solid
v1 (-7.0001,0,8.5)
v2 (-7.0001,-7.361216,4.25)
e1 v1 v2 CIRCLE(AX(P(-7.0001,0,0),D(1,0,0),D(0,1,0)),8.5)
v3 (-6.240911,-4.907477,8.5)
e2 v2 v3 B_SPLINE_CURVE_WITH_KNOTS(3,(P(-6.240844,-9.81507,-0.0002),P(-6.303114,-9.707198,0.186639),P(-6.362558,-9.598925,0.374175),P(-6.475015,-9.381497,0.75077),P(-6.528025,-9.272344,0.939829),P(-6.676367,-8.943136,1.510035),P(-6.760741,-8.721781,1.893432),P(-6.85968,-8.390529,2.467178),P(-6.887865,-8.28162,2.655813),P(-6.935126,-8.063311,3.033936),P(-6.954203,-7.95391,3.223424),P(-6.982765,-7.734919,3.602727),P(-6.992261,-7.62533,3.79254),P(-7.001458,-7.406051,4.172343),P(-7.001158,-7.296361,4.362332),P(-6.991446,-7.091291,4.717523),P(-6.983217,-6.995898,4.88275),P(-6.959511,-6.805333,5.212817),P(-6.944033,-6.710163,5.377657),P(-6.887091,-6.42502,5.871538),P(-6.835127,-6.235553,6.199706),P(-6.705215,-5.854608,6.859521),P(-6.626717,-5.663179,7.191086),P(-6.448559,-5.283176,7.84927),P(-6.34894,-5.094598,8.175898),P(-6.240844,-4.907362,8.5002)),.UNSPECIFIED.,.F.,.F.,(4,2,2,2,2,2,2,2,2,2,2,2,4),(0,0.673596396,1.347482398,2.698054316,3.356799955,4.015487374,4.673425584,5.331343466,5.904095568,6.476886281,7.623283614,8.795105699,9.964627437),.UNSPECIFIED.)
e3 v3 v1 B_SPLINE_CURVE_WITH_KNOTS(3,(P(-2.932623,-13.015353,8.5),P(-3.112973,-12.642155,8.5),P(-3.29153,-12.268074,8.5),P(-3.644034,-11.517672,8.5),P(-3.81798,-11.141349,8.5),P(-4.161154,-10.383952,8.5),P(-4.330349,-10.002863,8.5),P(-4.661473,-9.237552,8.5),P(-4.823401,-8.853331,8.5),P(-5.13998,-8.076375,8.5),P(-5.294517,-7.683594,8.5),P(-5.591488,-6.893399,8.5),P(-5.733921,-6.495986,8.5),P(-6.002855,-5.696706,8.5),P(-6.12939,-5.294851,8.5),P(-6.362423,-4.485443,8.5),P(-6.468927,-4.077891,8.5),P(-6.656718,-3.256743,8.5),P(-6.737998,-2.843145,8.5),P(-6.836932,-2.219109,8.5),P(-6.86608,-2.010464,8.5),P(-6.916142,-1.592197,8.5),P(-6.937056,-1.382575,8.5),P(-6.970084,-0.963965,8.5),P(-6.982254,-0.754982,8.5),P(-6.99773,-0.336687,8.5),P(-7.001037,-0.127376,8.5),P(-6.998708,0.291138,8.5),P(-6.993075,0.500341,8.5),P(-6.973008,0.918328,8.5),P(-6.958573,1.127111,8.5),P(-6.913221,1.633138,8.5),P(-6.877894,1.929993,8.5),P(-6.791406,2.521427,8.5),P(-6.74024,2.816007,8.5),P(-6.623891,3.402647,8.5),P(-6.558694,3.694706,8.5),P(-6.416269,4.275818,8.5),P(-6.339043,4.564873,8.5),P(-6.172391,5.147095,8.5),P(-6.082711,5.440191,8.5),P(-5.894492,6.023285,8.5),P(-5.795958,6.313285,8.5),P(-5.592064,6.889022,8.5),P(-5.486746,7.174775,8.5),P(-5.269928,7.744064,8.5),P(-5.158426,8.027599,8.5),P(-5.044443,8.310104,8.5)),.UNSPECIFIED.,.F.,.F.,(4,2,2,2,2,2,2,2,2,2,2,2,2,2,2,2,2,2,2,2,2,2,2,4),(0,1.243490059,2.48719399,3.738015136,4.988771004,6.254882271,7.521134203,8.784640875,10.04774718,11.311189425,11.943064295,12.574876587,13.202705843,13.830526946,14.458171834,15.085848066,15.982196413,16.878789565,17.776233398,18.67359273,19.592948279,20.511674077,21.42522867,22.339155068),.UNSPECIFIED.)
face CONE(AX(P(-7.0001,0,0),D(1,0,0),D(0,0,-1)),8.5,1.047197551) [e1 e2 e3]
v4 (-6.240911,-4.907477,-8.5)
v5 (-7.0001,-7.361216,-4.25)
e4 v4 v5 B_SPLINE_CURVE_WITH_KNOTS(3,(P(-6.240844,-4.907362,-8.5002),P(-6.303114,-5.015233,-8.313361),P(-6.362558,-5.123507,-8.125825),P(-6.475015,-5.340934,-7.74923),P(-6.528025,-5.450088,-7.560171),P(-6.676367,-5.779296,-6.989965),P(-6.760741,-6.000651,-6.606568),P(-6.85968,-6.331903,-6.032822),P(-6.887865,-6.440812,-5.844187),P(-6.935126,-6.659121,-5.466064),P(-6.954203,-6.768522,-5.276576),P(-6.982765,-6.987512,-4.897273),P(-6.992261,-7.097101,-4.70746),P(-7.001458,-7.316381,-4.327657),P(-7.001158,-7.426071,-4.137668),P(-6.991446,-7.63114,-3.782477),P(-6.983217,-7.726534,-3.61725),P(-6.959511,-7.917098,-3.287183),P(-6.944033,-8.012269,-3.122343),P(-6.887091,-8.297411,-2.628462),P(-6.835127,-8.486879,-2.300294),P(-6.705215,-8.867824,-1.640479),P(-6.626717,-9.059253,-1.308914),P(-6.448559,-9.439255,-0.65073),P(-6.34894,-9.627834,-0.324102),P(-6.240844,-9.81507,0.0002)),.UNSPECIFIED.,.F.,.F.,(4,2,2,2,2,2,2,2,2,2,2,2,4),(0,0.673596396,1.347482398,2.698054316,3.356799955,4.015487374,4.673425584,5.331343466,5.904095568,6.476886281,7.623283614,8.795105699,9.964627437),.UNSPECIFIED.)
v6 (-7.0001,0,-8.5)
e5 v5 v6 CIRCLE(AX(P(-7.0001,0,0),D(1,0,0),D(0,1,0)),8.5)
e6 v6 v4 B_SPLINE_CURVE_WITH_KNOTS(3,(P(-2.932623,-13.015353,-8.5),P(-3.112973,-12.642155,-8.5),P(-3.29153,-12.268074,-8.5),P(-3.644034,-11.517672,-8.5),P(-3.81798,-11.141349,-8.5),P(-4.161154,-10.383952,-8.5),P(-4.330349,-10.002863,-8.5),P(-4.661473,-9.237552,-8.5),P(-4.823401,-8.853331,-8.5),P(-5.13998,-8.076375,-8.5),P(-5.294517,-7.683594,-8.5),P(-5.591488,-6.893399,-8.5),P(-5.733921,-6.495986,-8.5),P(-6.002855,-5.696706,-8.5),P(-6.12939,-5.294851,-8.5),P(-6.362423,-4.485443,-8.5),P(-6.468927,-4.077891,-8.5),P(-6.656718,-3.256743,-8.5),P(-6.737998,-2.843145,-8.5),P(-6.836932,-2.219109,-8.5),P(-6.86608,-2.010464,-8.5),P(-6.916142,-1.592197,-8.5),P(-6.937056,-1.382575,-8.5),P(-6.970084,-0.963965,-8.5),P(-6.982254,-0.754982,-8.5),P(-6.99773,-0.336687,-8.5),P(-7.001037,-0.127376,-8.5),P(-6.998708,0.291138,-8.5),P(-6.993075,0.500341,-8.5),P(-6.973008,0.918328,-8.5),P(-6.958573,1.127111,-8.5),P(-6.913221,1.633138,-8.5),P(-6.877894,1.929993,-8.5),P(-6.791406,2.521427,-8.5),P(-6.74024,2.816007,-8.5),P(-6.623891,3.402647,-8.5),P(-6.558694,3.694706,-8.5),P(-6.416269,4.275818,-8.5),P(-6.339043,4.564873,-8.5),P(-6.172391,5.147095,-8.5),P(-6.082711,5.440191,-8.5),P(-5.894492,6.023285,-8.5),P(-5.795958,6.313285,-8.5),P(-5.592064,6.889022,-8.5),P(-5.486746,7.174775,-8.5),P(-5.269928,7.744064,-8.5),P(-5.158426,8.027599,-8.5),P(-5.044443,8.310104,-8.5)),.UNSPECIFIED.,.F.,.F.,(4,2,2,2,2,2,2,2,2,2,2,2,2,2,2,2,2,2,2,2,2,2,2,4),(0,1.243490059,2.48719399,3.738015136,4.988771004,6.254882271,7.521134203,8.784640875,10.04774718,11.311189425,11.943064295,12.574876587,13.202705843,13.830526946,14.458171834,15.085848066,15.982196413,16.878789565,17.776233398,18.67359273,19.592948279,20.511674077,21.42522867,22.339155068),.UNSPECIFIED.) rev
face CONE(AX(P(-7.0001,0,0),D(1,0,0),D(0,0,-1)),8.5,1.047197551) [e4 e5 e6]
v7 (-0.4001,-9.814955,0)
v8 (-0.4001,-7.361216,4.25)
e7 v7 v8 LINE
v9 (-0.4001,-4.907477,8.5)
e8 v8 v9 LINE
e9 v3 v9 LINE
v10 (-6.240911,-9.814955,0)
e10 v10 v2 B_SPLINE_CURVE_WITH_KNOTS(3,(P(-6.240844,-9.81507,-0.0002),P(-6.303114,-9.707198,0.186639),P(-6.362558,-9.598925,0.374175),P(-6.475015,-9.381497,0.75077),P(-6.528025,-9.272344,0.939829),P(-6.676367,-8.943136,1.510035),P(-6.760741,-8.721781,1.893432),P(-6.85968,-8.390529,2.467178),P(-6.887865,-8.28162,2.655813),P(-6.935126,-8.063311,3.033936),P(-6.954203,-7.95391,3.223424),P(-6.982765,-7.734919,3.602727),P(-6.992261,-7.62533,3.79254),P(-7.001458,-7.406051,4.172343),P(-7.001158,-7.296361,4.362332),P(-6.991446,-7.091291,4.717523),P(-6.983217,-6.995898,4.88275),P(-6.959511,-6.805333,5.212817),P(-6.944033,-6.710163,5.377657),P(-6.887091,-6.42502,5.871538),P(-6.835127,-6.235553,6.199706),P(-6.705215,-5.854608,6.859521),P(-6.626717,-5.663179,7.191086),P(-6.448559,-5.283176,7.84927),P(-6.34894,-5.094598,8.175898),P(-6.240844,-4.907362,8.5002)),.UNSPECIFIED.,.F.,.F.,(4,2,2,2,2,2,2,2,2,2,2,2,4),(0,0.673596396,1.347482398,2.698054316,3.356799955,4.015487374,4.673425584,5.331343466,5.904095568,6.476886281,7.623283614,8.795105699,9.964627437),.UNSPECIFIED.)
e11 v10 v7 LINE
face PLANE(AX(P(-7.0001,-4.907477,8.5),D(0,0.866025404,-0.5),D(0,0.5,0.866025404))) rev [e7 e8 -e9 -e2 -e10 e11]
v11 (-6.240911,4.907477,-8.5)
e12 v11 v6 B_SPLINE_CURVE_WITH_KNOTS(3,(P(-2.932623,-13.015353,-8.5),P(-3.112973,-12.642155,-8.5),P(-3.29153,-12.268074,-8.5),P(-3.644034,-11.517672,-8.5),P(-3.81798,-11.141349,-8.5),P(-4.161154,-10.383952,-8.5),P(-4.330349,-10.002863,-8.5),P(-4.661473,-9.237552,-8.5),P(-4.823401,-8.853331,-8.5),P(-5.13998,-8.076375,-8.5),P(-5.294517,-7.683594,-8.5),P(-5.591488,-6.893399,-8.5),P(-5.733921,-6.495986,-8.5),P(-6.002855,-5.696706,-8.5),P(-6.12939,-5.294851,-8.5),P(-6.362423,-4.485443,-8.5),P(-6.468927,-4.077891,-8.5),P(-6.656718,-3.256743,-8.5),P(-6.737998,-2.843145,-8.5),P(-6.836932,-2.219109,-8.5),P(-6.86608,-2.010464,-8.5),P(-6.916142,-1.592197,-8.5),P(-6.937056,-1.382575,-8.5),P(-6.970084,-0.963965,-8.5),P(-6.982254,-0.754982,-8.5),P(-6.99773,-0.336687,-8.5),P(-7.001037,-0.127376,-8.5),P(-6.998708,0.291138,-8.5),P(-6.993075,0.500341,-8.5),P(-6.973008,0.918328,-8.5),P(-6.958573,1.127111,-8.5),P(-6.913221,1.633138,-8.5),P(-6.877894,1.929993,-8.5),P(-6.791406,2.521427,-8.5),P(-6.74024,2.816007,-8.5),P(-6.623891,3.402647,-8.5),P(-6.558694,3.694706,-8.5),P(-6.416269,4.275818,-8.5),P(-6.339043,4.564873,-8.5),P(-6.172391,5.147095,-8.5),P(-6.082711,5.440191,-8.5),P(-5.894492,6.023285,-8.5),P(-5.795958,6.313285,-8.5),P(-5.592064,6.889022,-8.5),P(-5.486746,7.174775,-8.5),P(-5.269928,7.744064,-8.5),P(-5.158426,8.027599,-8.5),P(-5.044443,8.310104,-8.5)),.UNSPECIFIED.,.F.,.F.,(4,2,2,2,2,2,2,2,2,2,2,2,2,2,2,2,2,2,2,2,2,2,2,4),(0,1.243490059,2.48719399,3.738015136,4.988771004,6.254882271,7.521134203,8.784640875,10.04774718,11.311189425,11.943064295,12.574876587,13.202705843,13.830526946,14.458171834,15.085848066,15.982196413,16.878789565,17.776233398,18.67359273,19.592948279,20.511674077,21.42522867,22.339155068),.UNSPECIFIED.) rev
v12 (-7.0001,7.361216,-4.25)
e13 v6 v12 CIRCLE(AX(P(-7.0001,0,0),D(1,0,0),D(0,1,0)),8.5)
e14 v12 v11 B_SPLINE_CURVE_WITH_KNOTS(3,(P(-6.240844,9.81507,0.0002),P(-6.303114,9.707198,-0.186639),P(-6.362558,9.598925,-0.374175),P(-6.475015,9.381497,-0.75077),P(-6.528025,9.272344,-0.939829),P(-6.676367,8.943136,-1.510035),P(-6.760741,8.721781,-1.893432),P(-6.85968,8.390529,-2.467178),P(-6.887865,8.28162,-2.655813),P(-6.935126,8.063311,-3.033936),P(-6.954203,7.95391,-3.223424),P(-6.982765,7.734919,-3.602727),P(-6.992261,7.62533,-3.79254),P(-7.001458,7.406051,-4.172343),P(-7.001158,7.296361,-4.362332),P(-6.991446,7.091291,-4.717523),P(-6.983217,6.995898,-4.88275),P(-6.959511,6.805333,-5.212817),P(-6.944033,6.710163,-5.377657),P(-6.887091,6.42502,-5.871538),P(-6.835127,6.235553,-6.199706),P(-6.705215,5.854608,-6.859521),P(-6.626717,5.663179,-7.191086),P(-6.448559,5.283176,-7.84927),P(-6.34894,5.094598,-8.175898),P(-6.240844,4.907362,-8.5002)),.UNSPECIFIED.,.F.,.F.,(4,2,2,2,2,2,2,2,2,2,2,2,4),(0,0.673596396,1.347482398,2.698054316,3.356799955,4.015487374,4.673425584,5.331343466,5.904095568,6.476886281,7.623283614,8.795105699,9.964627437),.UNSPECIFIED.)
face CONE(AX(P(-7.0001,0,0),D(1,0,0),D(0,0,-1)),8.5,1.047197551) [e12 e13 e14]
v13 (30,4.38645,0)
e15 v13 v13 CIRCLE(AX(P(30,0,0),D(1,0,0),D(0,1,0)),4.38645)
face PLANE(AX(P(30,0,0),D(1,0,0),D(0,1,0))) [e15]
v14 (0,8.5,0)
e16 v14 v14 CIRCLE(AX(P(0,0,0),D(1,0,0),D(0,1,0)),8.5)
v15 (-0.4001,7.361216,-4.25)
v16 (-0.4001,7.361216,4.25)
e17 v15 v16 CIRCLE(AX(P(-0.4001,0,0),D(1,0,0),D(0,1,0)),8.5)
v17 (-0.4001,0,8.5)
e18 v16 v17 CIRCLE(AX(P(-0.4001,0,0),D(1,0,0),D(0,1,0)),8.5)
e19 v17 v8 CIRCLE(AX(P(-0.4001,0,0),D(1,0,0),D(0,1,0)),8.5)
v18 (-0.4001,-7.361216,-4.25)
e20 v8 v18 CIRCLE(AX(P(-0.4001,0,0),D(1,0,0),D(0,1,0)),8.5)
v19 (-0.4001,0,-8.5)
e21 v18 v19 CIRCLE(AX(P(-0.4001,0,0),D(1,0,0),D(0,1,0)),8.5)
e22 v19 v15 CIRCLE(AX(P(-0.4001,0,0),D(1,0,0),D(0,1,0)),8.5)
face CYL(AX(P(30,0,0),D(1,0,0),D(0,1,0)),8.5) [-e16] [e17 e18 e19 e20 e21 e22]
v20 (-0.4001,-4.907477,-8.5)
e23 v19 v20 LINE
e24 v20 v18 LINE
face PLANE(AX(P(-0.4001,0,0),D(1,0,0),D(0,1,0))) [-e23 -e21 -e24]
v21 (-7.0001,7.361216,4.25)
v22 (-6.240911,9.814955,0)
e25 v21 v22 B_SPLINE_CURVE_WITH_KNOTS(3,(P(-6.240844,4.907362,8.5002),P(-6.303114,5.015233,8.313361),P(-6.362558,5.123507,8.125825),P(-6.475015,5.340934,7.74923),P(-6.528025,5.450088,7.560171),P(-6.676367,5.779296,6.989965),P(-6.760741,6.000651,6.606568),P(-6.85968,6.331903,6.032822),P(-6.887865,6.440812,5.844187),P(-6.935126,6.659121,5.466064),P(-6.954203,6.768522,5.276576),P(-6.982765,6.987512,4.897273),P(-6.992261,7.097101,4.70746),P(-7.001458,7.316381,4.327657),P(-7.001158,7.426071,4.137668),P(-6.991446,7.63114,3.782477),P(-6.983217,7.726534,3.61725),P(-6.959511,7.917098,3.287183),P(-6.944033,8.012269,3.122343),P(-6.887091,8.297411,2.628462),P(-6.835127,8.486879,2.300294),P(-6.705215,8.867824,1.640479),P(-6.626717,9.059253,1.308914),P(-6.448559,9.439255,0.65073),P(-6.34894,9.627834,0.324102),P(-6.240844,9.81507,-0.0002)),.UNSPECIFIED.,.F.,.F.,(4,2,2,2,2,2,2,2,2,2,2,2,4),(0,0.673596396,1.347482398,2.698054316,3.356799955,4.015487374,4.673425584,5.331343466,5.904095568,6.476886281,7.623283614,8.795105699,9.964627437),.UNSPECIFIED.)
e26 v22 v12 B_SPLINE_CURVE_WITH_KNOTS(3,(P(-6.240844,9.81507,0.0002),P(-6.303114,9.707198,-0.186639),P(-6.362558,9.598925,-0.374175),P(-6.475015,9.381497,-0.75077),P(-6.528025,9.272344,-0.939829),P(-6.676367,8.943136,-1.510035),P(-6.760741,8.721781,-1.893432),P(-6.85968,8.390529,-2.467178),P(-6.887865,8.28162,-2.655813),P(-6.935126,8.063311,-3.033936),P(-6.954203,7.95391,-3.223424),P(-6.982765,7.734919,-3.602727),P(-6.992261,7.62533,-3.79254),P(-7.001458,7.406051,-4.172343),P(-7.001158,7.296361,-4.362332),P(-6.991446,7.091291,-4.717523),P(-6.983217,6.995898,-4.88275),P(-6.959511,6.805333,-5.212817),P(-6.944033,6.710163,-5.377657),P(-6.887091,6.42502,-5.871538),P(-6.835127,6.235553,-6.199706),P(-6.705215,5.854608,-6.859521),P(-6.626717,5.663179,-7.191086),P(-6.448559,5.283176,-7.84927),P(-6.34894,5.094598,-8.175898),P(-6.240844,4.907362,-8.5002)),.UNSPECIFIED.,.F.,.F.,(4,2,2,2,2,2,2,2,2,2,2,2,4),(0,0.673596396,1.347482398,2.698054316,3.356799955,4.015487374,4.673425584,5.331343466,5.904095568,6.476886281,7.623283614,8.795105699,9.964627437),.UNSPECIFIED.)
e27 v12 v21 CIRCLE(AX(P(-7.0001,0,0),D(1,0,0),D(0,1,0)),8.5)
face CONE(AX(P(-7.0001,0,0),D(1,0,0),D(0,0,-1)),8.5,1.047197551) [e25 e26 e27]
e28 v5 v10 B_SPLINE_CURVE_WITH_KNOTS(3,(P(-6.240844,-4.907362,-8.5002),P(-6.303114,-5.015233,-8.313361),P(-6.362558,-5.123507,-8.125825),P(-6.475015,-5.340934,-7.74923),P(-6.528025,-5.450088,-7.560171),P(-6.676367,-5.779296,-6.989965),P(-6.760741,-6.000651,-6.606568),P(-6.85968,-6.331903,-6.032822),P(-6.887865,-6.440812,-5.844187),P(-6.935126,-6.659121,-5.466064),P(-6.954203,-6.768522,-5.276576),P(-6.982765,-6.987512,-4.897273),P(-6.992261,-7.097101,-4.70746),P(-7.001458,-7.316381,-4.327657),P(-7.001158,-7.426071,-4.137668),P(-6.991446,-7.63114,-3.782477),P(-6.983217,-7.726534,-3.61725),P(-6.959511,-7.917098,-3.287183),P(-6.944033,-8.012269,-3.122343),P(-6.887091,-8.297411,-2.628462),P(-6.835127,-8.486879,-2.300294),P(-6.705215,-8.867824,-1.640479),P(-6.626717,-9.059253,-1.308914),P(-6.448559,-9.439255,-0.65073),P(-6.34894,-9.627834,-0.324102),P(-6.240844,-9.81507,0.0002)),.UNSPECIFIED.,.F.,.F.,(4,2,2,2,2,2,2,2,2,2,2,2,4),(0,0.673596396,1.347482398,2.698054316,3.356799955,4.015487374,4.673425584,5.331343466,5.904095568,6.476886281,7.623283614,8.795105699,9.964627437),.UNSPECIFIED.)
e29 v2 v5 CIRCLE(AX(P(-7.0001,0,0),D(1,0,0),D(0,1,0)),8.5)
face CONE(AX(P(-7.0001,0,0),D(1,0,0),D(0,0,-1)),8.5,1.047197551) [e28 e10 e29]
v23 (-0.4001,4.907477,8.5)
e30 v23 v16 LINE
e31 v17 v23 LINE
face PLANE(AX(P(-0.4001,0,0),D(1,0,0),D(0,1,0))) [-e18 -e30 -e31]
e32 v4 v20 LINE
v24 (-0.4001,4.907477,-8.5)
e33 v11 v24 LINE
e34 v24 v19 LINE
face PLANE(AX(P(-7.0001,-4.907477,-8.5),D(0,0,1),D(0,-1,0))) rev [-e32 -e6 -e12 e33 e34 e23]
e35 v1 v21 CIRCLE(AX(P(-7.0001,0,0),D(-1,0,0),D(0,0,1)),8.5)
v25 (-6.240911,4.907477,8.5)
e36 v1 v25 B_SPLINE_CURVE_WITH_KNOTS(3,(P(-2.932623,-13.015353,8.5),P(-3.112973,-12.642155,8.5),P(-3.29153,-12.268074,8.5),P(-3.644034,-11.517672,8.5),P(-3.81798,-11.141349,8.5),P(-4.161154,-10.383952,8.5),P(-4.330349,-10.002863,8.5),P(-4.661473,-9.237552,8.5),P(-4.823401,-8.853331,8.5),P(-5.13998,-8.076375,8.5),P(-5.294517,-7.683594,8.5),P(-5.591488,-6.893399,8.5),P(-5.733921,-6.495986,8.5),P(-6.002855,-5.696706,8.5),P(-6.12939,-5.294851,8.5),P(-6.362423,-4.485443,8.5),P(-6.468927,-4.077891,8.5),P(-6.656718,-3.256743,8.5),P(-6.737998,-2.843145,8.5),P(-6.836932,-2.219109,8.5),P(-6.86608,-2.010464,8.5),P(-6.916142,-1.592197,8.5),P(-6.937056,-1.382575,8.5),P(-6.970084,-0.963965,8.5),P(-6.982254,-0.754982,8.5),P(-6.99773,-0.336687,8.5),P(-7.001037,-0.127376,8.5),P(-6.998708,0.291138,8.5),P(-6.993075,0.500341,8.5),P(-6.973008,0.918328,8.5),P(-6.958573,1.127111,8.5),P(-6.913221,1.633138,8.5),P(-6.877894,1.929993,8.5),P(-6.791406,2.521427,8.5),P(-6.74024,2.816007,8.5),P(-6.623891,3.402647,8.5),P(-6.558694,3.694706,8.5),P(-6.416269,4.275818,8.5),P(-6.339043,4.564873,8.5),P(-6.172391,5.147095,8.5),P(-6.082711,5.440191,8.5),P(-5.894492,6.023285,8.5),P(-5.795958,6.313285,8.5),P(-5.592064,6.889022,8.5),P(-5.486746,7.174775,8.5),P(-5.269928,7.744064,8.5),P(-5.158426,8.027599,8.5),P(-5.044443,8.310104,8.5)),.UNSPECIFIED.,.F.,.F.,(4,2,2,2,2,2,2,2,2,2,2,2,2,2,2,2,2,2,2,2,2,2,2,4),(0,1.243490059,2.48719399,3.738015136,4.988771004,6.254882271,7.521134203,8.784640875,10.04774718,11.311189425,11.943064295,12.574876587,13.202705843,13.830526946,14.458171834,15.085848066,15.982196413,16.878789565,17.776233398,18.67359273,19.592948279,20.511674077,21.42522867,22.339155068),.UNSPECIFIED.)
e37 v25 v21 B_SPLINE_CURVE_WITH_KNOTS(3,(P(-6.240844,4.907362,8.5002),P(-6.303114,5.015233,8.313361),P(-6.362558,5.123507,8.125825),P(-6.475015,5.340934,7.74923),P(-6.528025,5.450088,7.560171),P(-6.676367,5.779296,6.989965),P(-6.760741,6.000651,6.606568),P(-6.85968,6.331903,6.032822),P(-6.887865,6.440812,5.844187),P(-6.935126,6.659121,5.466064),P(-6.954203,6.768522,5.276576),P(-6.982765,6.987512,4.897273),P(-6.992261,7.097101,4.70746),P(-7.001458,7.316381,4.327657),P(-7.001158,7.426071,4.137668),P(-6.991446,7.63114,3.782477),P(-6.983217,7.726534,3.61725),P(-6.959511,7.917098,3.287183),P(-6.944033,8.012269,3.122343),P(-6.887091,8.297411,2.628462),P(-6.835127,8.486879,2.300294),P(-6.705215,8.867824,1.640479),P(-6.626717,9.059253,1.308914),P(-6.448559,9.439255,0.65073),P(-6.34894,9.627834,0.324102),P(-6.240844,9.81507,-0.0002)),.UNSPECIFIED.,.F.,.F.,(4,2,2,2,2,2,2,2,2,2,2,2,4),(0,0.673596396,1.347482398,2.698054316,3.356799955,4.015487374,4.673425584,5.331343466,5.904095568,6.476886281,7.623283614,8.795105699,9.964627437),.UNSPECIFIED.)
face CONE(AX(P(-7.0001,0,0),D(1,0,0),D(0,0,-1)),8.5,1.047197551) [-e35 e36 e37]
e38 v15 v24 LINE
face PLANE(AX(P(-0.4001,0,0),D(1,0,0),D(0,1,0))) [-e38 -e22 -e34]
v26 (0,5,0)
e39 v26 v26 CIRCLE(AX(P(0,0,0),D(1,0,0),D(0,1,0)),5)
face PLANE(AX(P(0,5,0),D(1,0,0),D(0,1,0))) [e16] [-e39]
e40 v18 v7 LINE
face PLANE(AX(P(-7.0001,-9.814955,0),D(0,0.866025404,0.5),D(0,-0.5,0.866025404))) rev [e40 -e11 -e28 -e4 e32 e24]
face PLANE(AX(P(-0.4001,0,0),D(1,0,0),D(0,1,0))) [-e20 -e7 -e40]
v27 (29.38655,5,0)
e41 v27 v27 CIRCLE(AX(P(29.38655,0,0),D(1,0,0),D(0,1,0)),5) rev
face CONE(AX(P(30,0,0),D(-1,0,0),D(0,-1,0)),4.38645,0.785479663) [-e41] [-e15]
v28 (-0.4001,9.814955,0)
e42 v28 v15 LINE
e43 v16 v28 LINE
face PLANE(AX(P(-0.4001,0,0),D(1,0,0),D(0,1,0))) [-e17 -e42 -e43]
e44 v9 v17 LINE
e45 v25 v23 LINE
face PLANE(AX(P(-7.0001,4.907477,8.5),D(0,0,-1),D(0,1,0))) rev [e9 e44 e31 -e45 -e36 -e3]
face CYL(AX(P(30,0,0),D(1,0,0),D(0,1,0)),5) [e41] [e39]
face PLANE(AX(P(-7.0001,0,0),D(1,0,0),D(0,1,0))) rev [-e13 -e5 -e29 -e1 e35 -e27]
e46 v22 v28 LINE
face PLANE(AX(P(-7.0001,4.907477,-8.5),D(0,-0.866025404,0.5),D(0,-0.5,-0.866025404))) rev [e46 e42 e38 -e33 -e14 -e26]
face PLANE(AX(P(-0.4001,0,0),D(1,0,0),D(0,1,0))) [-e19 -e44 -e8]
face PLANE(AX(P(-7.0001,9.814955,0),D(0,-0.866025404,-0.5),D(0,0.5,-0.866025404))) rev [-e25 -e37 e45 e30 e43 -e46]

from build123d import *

# Parameters (mm, degrees)
EXTRUDE_559_DEPTH = 6.6
CHAMFER_2_SIZE    = 0.61345
CHAMFER_2_SIZE2   = 0.61355


with BuildPart() as part:
    # 草圖1 → Revolve 409 (revolve)
    with BuildSketch(Plane.XY):
        Polygon((-0.4001, 0), (30, 0), (30, 5), (3, 5), (2.38645, 5), (0, 5), (0, 8.5), (-0.4001, 8.5), align=None)
    revolve(axis=Axis((30, 0, 0), (-1, 0, 0)))

    # 草圖2 → Extrude 559 (add)
    with BuildSketch(Plane.ZY.offset(0.4001)):
        Polygon((0, 9.814954576), (8.5, 4.907477288), (8.5, -4.907477288), (0, -9.814954576), (-8.5, -4.907477288), (-8.5, 4.907477288), align=None)
    extrude(amount=EXTRUDE_559_DEPTH)

    # 草圖3 → Cut-Revolve 678 (revolve, cut)
    with BuildSketch(Plane.XY):
        Polygon((-7.0001, 8.5), (-7.0001, 9.814954576), (-6.240910621, 9.814954576), align=None)
    revolve(axis=Axis((-8.3201, 0, 0), (1, 0, 0)), mode=Mode.SUBTRACT)

    # 倒角2
    chamfer_2_edges = [part.edges().sort_by_distance(p)[0] for p in [
        (30, -5, 0),
    ]]
    chamfer_2_side = [part.faces().sort_by_distance(p)[0] for p in [
        (30, 0, 0),
    ]]
    chamfer(chamfer_2_edges, length=CHAMFER_2_SIZE, length2=CHAMFER_2_SIZE2, reference=chamfer_2_side[0])


solid = part.part
